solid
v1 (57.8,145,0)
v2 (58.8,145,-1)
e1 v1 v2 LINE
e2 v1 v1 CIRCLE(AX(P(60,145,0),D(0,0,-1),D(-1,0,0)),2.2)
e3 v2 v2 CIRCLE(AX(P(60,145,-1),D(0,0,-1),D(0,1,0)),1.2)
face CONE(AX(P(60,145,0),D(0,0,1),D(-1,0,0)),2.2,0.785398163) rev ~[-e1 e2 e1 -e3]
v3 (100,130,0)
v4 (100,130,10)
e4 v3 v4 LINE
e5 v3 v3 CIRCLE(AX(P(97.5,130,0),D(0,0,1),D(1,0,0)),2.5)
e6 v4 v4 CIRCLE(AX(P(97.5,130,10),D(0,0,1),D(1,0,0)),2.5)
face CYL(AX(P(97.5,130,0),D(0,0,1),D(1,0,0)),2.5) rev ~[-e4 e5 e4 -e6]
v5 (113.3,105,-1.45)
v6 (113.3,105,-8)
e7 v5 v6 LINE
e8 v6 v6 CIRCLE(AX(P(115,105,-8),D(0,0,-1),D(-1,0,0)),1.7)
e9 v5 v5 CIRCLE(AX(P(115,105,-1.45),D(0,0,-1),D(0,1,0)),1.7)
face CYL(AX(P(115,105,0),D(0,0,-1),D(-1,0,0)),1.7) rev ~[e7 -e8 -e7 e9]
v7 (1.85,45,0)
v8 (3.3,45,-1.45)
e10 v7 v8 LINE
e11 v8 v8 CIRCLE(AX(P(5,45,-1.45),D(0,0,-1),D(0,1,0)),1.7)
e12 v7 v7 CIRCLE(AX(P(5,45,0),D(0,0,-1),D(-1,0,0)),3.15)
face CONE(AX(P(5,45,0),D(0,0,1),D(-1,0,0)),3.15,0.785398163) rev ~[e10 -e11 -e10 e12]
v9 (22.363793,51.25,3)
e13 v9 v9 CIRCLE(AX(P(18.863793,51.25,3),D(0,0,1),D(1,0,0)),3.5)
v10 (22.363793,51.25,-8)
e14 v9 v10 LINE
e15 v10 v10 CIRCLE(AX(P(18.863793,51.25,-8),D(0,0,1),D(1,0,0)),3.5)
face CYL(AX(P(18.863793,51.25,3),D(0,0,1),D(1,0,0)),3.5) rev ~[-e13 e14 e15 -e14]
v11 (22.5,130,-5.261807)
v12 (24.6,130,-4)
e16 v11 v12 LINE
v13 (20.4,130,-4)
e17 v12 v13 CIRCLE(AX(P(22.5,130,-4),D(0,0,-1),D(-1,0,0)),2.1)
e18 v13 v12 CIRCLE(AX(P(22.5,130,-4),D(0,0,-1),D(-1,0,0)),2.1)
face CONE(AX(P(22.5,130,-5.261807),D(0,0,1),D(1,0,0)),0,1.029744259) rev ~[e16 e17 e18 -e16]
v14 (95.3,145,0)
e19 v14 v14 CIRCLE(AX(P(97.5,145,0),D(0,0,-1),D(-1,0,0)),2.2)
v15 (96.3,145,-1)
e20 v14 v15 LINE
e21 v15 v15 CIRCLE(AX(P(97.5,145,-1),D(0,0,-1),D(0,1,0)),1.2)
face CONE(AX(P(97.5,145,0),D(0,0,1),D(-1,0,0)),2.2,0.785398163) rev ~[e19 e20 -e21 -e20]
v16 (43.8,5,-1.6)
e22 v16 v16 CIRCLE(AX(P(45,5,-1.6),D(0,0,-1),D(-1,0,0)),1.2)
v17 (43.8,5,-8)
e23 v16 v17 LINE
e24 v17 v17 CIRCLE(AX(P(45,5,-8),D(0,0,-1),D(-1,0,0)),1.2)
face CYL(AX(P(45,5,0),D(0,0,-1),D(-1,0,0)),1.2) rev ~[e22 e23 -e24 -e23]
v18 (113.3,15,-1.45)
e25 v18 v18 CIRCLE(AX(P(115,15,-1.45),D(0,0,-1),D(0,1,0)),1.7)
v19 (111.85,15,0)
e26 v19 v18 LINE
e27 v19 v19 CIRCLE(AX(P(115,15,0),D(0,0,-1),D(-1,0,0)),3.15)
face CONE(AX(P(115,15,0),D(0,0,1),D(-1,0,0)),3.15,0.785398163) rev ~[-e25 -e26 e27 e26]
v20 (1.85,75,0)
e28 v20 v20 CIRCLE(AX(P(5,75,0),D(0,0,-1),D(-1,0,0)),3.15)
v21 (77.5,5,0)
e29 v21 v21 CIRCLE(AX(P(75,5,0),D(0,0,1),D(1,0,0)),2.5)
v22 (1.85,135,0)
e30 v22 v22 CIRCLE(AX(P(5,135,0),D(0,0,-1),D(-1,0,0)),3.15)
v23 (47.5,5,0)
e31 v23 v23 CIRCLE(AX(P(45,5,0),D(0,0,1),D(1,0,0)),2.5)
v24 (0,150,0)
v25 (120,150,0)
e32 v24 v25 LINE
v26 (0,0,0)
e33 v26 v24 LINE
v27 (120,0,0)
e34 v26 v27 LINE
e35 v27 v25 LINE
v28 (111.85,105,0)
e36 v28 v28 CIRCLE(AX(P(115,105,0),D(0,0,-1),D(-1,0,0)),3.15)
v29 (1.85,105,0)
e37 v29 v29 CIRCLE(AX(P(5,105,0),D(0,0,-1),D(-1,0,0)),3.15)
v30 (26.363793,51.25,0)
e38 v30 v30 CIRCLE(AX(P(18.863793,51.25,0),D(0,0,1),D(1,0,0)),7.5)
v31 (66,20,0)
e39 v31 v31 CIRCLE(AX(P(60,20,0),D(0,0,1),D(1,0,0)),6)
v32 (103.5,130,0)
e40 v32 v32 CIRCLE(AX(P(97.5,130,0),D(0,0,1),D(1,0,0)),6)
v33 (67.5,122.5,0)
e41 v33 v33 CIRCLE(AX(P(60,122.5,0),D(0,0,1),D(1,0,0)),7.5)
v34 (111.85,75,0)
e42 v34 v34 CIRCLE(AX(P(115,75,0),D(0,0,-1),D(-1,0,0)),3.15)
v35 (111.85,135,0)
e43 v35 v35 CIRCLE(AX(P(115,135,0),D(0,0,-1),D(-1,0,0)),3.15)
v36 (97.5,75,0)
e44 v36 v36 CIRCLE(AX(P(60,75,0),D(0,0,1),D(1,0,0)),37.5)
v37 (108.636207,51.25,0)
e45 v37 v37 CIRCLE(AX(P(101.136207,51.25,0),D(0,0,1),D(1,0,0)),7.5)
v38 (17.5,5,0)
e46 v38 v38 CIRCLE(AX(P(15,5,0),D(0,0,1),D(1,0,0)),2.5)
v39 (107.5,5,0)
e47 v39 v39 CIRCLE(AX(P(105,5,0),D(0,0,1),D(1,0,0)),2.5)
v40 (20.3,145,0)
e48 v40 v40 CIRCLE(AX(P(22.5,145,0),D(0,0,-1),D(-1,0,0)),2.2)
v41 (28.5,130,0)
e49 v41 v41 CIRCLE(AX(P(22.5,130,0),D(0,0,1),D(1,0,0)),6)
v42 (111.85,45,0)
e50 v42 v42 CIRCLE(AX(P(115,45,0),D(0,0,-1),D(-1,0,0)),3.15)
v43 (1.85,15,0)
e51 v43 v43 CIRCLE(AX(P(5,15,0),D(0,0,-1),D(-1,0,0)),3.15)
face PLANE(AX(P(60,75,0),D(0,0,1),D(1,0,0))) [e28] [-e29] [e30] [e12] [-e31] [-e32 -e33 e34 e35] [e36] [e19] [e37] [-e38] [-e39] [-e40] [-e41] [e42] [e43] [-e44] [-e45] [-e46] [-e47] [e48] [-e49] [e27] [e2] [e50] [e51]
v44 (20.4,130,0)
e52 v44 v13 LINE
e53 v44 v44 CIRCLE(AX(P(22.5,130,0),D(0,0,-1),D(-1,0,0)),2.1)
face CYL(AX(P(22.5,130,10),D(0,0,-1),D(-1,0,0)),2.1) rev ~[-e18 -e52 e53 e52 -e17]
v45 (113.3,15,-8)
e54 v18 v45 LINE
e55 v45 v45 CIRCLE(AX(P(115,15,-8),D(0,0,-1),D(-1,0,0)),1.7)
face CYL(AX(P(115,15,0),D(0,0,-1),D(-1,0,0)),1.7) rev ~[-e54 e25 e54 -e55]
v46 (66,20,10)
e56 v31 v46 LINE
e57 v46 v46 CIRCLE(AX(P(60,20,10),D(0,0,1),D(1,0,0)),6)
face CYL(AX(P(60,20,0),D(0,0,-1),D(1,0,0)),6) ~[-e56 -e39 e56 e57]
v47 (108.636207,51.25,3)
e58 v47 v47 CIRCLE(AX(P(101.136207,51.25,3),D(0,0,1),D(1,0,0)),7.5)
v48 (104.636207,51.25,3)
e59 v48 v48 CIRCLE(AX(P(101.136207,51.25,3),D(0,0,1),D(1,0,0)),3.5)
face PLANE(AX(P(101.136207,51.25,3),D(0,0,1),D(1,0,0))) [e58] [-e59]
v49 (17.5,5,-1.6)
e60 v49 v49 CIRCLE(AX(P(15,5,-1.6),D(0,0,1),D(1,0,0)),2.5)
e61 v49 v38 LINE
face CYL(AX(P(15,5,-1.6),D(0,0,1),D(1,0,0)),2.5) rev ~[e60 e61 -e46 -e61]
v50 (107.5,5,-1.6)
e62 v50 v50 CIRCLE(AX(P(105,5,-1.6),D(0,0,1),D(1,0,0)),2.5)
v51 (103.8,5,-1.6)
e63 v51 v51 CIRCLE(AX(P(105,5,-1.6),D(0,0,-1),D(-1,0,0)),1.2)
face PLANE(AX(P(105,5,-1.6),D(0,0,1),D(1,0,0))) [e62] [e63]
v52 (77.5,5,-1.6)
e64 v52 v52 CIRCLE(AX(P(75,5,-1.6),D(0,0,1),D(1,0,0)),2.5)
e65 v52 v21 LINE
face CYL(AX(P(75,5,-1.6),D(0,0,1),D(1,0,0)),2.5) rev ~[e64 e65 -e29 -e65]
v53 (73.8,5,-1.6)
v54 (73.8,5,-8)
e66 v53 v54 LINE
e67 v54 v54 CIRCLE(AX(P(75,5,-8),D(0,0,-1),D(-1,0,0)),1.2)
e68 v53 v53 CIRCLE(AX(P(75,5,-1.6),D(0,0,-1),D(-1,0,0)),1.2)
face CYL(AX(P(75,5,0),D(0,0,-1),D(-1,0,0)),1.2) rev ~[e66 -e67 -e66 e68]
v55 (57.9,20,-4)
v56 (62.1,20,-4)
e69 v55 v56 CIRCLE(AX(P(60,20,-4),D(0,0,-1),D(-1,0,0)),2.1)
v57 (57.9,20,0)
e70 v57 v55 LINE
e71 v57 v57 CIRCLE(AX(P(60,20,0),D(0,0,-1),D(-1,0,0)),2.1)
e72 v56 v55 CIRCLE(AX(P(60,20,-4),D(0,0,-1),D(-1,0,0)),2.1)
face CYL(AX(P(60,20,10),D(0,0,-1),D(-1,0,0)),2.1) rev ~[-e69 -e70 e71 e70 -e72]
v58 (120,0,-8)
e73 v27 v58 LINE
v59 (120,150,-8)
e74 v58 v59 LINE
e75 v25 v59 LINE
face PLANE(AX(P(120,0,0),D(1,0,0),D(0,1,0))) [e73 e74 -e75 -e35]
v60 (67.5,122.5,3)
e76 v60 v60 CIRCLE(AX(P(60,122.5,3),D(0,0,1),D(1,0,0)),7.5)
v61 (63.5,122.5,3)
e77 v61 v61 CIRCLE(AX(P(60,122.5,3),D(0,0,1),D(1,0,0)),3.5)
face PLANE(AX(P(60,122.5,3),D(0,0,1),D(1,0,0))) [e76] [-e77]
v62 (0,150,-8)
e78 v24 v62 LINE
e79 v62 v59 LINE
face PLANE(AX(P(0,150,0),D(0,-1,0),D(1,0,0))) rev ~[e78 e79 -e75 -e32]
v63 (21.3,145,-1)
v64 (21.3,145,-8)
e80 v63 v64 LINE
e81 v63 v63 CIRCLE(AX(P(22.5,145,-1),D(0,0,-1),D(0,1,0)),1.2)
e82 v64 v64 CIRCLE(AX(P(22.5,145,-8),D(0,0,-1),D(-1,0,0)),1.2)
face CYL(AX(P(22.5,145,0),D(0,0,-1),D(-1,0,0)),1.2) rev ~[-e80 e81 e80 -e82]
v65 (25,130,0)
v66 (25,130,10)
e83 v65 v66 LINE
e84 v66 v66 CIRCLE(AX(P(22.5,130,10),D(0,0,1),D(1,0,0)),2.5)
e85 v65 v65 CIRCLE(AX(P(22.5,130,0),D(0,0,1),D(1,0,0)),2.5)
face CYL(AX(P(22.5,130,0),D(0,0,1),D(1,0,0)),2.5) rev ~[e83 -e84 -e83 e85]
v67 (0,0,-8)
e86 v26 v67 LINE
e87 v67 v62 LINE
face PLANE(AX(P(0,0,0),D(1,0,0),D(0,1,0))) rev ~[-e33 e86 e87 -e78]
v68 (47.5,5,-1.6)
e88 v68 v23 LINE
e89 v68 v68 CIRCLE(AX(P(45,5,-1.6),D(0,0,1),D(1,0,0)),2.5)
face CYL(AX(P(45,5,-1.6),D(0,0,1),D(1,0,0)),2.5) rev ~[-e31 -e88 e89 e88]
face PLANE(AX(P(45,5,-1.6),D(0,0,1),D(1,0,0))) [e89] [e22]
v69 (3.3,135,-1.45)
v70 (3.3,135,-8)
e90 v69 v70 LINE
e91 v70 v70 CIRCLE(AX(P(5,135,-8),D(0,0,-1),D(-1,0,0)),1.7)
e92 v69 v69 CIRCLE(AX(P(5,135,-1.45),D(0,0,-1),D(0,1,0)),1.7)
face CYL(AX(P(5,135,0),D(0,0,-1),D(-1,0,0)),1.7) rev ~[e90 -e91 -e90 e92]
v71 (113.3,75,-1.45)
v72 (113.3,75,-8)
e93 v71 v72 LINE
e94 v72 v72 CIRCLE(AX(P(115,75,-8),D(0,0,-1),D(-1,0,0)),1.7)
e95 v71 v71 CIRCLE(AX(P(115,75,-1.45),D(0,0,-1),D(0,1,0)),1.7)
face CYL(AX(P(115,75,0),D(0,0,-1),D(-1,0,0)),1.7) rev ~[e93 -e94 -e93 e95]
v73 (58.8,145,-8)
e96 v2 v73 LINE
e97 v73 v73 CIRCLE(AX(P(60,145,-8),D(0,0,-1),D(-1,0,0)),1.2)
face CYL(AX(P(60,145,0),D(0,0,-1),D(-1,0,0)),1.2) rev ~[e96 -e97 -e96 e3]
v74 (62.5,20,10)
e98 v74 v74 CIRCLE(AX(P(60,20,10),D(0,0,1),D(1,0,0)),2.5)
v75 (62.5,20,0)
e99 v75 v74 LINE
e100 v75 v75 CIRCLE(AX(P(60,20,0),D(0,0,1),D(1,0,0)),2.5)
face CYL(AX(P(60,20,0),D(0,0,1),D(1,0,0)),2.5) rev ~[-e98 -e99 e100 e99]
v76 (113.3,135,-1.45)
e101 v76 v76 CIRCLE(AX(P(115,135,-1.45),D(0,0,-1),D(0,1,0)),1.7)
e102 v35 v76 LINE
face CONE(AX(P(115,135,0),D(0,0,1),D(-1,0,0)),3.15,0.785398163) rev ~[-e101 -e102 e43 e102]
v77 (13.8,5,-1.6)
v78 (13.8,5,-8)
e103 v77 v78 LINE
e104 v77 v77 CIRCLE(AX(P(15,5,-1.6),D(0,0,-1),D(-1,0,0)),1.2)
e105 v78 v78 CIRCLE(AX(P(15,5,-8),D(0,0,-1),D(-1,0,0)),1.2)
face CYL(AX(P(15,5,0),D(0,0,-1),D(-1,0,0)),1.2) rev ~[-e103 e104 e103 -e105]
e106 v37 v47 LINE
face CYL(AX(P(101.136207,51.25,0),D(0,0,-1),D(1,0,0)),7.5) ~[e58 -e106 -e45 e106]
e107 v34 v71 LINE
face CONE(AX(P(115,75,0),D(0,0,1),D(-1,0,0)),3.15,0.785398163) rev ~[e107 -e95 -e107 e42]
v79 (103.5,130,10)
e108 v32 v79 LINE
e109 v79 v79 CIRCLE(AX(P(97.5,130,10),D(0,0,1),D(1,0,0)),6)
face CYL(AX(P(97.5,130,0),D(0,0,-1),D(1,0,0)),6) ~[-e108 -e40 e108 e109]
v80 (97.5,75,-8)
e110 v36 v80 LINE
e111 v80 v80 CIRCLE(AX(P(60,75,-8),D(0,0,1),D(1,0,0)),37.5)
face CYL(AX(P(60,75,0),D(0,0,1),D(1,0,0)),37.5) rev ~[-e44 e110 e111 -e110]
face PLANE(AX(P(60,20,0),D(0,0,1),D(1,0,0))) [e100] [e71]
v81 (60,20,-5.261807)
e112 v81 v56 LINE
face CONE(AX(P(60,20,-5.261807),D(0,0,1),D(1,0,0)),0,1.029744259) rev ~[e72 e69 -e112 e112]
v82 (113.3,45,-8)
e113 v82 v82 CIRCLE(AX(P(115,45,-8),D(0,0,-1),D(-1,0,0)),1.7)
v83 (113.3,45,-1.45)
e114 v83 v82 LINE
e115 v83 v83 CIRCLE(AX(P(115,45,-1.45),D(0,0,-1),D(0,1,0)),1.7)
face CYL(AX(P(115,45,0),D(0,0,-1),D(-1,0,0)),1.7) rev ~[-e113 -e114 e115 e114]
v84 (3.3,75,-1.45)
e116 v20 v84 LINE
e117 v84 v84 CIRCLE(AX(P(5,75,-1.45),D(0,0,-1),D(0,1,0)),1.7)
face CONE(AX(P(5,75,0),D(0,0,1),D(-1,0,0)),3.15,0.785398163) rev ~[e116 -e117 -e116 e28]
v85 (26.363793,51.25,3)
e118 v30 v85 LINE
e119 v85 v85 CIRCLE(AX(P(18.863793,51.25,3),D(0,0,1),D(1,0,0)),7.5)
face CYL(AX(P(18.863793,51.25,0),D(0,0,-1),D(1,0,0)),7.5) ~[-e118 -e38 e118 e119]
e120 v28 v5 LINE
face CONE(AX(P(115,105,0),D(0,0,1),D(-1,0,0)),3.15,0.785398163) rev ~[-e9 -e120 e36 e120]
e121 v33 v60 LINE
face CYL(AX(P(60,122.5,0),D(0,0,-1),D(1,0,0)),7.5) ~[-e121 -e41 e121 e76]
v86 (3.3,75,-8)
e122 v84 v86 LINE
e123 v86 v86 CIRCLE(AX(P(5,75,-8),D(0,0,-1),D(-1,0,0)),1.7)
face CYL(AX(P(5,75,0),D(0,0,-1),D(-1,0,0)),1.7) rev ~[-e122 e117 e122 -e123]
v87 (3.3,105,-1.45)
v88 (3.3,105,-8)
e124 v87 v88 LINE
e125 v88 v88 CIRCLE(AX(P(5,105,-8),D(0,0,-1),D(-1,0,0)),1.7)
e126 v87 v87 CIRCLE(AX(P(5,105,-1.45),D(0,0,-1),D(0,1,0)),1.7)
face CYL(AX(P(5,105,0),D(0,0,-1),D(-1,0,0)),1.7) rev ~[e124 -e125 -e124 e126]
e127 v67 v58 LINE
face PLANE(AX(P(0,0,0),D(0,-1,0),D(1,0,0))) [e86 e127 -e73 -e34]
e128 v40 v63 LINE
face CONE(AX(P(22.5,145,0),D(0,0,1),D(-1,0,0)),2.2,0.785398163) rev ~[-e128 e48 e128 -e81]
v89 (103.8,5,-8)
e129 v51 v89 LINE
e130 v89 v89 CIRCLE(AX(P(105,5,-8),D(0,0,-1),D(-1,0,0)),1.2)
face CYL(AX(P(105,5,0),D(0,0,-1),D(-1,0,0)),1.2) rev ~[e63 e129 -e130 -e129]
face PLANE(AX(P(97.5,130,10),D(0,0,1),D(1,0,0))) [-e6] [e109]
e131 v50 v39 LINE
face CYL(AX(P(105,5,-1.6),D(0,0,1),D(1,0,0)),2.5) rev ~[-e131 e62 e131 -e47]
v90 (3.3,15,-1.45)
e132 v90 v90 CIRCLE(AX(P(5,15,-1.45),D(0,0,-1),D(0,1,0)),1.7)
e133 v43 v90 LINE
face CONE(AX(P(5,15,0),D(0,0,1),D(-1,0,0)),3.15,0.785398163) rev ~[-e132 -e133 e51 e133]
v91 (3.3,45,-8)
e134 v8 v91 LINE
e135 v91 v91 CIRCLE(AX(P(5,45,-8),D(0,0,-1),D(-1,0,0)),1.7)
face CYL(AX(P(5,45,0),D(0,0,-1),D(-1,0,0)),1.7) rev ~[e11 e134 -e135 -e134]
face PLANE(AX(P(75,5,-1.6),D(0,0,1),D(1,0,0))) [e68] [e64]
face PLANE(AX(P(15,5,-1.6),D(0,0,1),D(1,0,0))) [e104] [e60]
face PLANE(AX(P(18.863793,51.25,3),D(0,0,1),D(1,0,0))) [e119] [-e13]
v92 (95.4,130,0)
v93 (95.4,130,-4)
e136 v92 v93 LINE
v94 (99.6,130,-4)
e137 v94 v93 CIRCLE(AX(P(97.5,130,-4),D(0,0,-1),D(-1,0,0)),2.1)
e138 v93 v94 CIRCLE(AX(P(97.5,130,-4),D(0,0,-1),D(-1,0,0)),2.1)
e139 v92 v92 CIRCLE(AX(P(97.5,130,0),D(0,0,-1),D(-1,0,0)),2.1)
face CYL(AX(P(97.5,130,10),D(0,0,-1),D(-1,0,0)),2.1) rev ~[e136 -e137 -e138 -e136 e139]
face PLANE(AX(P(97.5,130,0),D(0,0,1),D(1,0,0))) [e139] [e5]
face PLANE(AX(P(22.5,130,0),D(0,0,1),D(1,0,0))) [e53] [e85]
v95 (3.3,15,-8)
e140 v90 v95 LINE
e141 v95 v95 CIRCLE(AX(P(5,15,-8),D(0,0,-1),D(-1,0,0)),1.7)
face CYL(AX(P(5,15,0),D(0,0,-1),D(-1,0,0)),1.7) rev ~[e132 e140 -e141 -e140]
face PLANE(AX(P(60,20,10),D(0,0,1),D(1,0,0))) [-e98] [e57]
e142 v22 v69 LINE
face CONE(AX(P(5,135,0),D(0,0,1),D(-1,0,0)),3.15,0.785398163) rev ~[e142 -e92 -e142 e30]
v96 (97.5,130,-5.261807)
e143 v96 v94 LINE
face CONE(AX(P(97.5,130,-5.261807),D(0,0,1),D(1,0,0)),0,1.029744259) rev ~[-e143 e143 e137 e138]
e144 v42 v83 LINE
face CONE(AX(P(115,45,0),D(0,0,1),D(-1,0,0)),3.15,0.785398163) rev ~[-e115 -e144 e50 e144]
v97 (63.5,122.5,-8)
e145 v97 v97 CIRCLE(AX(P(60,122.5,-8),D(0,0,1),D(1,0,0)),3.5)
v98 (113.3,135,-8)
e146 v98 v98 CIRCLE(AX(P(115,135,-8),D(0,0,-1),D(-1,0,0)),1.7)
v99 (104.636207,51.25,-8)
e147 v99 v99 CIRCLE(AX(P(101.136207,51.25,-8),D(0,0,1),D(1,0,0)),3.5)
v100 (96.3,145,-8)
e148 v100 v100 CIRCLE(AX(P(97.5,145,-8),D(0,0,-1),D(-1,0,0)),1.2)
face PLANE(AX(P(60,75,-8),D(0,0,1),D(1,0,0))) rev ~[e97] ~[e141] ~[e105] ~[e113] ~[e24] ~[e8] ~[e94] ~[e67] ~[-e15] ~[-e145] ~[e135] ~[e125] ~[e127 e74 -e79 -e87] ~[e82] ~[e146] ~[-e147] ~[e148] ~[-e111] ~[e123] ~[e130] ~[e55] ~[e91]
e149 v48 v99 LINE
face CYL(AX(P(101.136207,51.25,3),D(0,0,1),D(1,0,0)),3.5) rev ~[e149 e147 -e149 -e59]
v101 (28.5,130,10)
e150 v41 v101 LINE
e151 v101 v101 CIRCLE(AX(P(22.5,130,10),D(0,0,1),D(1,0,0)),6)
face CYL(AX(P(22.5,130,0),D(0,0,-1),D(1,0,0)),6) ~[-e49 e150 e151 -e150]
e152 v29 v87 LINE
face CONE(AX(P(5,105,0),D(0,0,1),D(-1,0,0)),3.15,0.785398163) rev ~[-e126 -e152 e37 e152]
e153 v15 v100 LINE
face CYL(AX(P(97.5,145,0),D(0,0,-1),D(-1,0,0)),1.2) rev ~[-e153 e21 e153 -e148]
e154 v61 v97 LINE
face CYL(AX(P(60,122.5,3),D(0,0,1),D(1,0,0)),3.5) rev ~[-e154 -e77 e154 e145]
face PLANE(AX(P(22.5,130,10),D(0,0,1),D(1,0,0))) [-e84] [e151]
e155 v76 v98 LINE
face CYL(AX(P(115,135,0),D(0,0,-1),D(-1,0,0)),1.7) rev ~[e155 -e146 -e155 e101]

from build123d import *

# Parameters (mm, degrees)
SKETCH1_W                                     = 120
SKETCH1_H                                     = 150
EXTRUDE1_DEPTH                                = 8
SKETCH2_R                                     = 37.5
EXTRUDE2_DEPTH                                = 9
SKETCH3_R                                     = 7.5
EXTRUDE3_DEPTH                                = 3
SKETCH4_R                                     = 6
EXTRUDE4_DEPTH                                = 10
TAPPED_HOLE1_D                                = 4.2
TAPPED_HOLE1_DEPTH                            = 14
TAPPED_HOLE1_CBORE_D                          = 5
TAPPED_HOLE1_CBORE_DEPTH                      = 10
TAPPED_HOLE1_TIP                              = 1.2618073
SKETCH7_R                                     = 3.5
EXTRUDE5_DEPTH                                = 12
CSK_FOR_FLAT_HEAD_MACHINE_SCREW1_D            = 3.4
CSK_FOR_FLAT_HEAD_MACHINE_SCREW1_CSINK_D      = 6.3
CSK_FOR_FLAT_HEAD_MACHINE_SCREW1_CSINK_ANGLE  = 90
LPATTERN1_COUNT                               = 5
LPATTERN1_PITCH                               = 30
LPATTERN1_COUNT_DIR2                          = 2
LPATTERN1_PITCH_DIR2                          = 110
CBORE_FOR_PAN_HEAD_MACHINE_SCREW2_D           = 2.4
CBORE_FOR_PAN_HEAD_MACHINE_SCREW2_CBORE_D     = 5
CBORE_FOR_PAN_HEAD_MACHINE_SCREW2_CBORE_DEPTH = 1.6
LPATTERN2_COUNT                               = 4
LPATTERN2_PITCH                               = 30
CSK_FOR_FLAT_HEAD_MACHINE_SCREW2_D            = 2.4
CSK_FOR_FLAT_HEAD_MACHINE_SCREW2_CSINK_D      = 4.4
CSK_FOR_FLAT_HEAD_MACHINE_SCREW2_CSINK_ANGLE  = 90
LPATTERN3_COUNT                               = 3
LPATTERN3_PITCH                               = 37.5


with BuildPart() as part:
    # Sketch1 → Extrude1 (new body)
    with BuildSketch(Plane.XY):
        with Locations((60, 75)):
            Rectangle(SKETCH1_W, SKETCH1_H)
    extrude(amount=-EXTRUDE1_DEPTH)

    # Sketch2 → Extrude2 (cut, through all)
    with BuildSketch(Plane.XY):
        with Locations((60, 75)):
            Circle(SKETCH2_R)
    extrude(amount=-EXTRUDE2_DEPTH, mode=Mode.SUBTRACT)

    # Sketch3 → Extrude3 (add)
    with BuildSketch(Plane.XY):
        with Locations((60, 122.5)):
            Circle(SKETCH3_R)
        with Locations((101.13620668, 51.25)):
            Circle(SKETCH3_R)
        with Locations((18.86379332, 51.25)):
            Circle(SKETCH3_R)
    extrude(amount=EXTRUDE3_DEPTH)

    # Sketch4 → Extrude4 (add)
    with BuildSketch(Plane.XY):
        with Locations((22.5, 130)):
            Circle(SKETCH4_R)
        with Locations((97.5, 130)):
            Circle(SKETCH4_R)
        with Locations((60, 20)):
            Circle(SKETCH4_R)
    extrude(amount=EXTRUDE4_DEPTH)

    # Tapped Hole1
    with Locations(Plane.XY.offset(10)):
        with Locations((22.5, 130), (97.5, 130), (60, 20)):
            CounterBoreHole(TAPPED_HOLE1_D / 2, TAPPED_HOLE1_CBORE_D / 2, TAPPED_HOLE1_CBORE_DEPTH, depth=TAPPED_HOLE1_DEPTH)
            with Locations((0, 0, -(TAPPED_HOLE1_DEPTH + TAPPED_HOLE1_TIP / 2))):  # 118° drill point
                Cone(0, TAPPED_HOLE1_D / 2, TAPPED_HOLE1_TIP, mode=Mode.SUBTRACT)

    # Sketch7 → Extrude5 (cut, through all)
    with BuildSketch(Plane.XY.offset(3)):
        with Locations((60, 122.5)):
            Circle(SKETCH7_R)
        with Locations((101.13620668, 51.25)):
            Circle(SKETCH7_R)
        with Locations((18.86379332, 51.25)):
            Circle(SKETCH7_R)
    extrude(amount=-EXTRUDE5_DEPTH, mode=Mode.SUBTRACT)

    # CSK for  Flat Head Machine Screw1 (through all)
    with Locations(Plane.XY):
        with Locations((5, 15)):
            csk_for_flat_head_machine_screw1 = CounterSinkHole(CSK_FOR_FLAT_HEAD_MACHINE_SCREW1_D / 2, CSK_FOR_FLAT_HEAD_MACHINE_SCREW1_CSINK_D / 2, counter_sink_angle=CSK_FOR_FLAT_HEAD_MACHINE_SCREW1_CSINK_ANGLE)

    # LPattern1: CSK for Flat Head Machine Screw1 5 × 2
    with Locations(*[(j * LPATTERN1_PITCH_DIR2, i * LPATTERN1_PITCH, 0) for i in range(LPATTERN1_COUNT) for j in range(LPATTERN1_COUNT_DIR2) if (i, j) != (0, 0)]):
        add(csk_for_flat_head_machine_screw1, mode=Mode.SUBTRACT)

    # CBORE for  Pan Head Machine Screw2 (through all)
    with Locations(Plane.XY):
        with Locations((15, 5)):
            cbore_for_pan_head_machine_screw2 = CounterBoreHole(CBORE_FOR_PAN_HEAD_MACHINE_SCREW2_D / 2, CBORE_FOR_PAN_HEAD_MACHINE_SCREW2_CBORE_D / 2, CBORE_FOR_PAN_HEAD_MACHINE_SCREW2_CBORE_DEPTH)

    # LPattern2: CBORE for  Pan Head Machine Screw2 ×4
    with Locations(*[(i * LPATTERN2_PITCH, 0, 0) for i in range(1, LPATTERN2_COUNT)]):
        add(cbore_for_pan_head_machine_screw2, mode=Mode.SUBTRACT)

    # CSK for  Flat Head Machine Screw2 (through all)
    with Locations(Plane.XY):
        with Locations((22.5, 145)):
            csk_for_flat_head_machine_screw2 = CounterSinkHole(CSK_FOR_FLAT_HEAD_MACHINE_SCREW2_D / 2, CSK_FOR_FLAT_HEAD_MACHINE_SCREW2_CSINK_D / 2, counter_sink_angle=CSK_FOR_FLAT_HEAD_MACHINE_SCREW2_CSINK_ANGLE)

    # LPattern3: CSK for  Flat Head Machine Screw2 ×3
    with Locations(*[(i * LPATTERN3_PITCH, 0, 0) for i in range(1, LPATTERN3_COUNT)]):
        add(csk_for_flat_head_machine_screw2, mode=Mode.SUBTRACT)


solid = part.part
